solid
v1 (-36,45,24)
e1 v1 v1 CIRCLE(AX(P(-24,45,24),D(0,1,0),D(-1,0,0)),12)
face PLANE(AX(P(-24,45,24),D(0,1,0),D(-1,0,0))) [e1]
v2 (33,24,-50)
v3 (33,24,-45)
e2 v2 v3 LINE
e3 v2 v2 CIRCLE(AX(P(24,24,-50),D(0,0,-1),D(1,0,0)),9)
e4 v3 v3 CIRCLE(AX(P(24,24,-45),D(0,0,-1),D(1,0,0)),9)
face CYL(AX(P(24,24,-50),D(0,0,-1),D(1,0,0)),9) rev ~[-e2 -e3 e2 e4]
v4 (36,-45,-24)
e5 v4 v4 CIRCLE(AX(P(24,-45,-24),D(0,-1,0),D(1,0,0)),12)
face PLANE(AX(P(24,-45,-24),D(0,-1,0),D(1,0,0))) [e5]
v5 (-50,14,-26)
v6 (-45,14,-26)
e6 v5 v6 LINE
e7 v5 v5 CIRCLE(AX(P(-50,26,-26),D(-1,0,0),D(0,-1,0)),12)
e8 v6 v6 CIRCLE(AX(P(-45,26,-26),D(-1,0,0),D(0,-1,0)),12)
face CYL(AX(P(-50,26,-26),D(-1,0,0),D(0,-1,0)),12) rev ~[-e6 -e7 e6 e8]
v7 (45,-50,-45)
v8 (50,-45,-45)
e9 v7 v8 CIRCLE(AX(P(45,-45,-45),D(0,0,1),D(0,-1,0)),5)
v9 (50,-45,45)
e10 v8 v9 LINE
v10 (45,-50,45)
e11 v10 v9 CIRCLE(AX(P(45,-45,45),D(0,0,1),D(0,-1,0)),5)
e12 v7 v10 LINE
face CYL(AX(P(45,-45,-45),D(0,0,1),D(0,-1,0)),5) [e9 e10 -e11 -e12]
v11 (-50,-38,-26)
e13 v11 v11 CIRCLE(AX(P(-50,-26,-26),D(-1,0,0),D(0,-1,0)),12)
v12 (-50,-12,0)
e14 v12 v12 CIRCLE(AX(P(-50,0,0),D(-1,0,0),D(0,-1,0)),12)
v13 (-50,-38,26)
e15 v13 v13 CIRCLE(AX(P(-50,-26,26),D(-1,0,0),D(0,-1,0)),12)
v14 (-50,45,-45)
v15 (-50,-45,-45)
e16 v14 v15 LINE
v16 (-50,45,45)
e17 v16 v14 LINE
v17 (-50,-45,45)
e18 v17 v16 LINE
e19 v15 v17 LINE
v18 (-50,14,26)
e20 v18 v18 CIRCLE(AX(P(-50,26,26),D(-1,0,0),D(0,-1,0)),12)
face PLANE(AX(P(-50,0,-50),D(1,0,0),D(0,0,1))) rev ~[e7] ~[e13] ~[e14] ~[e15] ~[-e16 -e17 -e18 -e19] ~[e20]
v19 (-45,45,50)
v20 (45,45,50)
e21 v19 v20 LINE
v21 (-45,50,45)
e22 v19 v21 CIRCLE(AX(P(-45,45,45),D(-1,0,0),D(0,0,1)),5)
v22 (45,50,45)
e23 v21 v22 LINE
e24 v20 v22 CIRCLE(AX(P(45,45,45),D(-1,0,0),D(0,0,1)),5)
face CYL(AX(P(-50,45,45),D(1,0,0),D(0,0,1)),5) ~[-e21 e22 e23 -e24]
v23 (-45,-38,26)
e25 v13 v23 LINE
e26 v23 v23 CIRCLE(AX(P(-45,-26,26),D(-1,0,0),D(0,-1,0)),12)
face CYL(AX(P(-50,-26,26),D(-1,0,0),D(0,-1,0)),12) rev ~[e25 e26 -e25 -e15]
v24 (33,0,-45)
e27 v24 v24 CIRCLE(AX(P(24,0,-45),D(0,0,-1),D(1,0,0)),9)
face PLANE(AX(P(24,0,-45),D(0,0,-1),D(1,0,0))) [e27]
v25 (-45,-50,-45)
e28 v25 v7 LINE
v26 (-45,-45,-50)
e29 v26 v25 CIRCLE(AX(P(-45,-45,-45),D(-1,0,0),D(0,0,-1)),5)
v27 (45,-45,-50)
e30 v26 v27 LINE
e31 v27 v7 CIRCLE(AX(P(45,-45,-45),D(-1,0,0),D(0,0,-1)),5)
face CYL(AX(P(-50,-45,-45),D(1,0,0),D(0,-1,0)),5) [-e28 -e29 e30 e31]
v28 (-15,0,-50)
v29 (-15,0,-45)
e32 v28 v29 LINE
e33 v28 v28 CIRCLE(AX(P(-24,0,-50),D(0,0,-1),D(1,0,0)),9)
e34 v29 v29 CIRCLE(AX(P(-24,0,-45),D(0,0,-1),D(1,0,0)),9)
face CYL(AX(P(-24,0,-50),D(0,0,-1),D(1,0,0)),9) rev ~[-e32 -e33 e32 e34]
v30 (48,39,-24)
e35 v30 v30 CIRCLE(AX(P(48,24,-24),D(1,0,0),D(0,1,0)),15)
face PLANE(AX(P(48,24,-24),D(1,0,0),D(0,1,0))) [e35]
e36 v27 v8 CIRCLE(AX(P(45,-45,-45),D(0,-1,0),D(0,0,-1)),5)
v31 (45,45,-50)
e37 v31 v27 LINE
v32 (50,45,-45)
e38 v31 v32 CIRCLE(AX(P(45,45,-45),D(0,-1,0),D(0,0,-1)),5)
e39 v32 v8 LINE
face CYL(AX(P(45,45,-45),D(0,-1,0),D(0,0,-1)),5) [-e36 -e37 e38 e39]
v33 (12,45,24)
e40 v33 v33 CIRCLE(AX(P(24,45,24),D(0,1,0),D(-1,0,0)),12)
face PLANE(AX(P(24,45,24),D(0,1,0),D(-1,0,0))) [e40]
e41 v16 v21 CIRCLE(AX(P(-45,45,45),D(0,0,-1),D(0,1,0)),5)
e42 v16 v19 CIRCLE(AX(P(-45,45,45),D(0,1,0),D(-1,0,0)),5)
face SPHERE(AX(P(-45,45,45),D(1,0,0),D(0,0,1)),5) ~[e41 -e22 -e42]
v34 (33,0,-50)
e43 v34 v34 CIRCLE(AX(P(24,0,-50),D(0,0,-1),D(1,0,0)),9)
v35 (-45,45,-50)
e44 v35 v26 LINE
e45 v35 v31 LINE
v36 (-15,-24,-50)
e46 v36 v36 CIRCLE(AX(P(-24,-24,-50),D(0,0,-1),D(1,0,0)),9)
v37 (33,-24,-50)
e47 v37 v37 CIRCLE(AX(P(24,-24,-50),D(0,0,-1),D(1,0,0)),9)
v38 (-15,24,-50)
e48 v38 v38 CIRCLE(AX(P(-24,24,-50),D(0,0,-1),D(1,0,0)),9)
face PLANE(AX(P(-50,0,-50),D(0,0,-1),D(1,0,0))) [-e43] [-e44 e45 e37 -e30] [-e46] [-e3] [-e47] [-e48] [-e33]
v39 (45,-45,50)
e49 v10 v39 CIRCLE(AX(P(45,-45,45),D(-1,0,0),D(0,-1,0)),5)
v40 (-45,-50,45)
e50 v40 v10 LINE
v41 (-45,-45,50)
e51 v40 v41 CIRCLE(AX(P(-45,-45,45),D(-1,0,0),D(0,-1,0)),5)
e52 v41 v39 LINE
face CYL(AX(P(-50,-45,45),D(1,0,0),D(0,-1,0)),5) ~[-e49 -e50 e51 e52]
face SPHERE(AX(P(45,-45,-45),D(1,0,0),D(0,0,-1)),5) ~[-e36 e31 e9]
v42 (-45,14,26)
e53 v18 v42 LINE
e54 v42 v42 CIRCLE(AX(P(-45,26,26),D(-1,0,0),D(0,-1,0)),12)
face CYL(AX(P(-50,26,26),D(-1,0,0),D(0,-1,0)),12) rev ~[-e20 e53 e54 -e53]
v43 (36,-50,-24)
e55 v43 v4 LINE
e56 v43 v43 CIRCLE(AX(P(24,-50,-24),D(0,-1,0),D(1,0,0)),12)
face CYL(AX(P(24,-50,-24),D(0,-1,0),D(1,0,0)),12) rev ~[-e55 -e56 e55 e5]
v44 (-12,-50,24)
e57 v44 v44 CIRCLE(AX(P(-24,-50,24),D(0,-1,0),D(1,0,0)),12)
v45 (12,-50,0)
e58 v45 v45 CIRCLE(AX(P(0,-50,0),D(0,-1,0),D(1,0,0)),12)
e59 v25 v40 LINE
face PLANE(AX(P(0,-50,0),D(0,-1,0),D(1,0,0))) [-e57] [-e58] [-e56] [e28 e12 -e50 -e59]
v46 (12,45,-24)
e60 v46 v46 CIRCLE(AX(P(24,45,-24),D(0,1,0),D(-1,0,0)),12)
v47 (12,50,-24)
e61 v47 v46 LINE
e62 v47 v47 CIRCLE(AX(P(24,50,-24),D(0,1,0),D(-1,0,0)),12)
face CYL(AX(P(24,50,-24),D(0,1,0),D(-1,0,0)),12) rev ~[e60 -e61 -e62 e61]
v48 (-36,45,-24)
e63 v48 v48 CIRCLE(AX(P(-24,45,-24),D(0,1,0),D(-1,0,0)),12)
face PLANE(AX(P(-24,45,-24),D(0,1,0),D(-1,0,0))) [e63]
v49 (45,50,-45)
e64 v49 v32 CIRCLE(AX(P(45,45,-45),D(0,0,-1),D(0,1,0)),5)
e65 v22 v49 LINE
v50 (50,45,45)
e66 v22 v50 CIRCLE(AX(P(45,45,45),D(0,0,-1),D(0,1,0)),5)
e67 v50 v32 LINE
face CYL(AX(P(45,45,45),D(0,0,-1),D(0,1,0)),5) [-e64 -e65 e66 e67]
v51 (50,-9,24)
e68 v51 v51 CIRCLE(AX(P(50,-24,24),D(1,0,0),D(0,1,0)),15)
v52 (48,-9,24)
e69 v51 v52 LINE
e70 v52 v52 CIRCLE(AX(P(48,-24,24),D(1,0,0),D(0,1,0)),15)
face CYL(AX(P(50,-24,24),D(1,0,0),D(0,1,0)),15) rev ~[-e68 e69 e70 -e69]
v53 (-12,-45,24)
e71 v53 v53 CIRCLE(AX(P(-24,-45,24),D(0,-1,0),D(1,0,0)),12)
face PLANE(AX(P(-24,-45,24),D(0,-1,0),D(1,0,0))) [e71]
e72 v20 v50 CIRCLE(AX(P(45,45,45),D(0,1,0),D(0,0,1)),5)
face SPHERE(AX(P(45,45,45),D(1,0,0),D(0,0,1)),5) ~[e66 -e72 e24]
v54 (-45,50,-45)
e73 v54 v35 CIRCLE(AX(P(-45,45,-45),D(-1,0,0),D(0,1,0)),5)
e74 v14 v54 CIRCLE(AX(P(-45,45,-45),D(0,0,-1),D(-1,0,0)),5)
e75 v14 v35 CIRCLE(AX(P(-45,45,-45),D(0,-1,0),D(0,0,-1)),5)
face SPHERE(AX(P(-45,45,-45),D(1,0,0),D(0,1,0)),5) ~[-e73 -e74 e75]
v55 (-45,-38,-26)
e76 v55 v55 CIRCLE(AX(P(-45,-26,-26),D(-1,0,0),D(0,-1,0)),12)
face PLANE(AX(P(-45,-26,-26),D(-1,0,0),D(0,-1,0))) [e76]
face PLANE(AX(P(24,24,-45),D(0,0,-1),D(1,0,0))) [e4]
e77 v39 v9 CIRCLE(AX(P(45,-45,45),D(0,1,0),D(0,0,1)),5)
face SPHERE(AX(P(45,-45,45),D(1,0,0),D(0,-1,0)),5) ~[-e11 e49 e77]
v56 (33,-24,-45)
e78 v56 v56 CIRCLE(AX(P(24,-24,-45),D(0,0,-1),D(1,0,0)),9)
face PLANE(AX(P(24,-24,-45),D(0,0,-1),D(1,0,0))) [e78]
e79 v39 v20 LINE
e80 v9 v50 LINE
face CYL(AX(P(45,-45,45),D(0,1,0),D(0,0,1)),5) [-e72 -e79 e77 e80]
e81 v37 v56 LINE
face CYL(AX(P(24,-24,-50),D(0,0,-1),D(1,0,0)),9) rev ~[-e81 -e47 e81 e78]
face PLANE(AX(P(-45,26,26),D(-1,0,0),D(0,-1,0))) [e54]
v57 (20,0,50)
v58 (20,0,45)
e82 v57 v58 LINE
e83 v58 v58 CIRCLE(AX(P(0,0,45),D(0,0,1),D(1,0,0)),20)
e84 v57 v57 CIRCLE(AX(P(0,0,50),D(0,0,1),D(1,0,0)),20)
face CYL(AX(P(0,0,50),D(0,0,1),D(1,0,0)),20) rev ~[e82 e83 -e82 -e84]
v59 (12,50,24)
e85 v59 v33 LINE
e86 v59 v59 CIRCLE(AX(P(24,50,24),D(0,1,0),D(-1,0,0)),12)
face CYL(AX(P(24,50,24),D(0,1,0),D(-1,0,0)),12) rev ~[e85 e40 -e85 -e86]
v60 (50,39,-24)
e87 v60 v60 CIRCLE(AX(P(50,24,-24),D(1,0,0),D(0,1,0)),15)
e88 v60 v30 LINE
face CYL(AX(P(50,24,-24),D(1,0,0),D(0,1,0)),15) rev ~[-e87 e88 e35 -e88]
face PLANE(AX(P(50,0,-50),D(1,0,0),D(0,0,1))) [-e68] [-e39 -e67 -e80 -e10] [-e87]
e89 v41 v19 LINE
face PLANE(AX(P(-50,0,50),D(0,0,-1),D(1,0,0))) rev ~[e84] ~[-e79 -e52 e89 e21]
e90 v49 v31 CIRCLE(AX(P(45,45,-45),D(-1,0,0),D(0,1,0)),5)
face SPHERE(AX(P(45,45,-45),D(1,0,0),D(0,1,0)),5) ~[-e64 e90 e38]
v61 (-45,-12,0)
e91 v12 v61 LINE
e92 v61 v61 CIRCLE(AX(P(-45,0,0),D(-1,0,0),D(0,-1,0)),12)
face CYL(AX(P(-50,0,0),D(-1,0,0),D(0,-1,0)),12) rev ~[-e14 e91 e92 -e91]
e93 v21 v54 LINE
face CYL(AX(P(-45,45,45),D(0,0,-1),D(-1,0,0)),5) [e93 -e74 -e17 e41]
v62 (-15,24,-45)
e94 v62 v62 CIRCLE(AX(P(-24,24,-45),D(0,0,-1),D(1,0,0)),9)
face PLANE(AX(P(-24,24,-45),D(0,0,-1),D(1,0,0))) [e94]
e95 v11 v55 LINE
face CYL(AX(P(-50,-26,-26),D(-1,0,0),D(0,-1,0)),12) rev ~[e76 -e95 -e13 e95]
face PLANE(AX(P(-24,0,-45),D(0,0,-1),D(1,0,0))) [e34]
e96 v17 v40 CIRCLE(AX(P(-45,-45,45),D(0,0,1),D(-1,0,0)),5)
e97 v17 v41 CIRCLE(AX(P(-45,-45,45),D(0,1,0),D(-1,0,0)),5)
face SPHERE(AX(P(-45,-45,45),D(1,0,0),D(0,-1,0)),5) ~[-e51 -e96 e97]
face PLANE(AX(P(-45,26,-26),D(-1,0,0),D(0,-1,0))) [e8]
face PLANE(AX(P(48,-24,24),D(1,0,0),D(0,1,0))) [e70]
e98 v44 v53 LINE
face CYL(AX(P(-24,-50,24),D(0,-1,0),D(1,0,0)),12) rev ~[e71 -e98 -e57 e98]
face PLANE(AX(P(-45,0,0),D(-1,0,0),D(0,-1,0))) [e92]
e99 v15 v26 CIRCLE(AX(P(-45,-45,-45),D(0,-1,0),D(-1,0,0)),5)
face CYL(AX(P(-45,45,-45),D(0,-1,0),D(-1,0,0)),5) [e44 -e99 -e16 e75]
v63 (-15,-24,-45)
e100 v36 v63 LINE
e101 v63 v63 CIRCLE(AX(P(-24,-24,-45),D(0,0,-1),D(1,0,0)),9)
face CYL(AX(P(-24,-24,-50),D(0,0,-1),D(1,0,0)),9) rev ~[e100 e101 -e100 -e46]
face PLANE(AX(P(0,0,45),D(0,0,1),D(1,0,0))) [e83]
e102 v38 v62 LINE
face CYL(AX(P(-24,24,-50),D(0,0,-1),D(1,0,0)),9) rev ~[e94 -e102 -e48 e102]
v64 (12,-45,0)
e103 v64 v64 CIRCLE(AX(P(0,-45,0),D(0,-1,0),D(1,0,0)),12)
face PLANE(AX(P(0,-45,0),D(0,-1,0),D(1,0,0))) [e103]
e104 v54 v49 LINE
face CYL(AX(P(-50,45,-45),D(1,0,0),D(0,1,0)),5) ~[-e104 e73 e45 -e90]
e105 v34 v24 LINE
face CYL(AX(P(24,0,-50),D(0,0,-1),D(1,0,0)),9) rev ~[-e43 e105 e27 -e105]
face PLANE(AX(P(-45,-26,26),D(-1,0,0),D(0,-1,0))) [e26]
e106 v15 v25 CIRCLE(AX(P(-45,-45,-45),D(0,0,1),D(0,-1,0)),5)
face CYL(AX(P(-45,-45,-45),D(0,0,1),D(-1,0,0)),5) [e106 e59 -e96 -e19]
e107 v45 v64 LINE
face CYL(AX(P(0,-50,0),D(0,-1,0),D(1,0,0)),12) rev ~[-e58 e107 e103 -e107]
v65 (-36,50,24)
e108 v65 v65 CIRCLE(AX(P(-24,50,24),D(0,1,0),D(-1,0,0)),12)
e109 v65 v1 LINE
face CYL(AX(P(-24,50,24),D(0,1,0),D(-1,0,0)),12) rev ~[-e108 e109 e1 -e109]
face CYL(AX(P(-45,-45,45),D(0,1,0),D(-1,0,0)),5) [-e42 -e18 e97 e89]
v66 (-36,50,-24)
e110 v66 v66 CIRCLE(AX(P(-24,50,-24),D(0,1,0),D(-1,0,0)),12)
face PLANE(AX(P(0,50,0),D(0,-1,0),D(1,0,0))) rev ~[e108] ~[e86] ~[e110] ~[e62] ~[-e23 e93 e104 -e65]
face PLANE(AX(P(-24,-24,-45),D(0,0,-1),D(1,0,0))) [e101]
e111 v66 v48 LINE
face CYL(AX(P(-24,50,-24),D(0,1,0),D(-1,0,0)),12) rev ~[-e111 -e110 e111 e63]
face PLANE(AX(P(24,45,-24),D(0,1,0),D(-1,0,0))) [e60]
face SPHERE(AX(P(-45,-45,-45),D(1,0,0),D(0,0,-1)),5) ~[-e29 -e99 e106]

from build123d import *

# Parameters (mm, degrees)
F0_W      = 100
F0_H      = 100
F1_DEPTH  = 50
F2_R      = 5
F3_R      = 5
F4_R      = 20
F5_DEPTH  = 5
F6_R      = 9
F7_DEPTH  = 5
F8_R      = 12
F9_DEPTH  = 5
F10_R     = 12
F11_DEPTH = 5
F12_R     = 15
F13_DEPTH = 2
F14_R     = 12
F15_DEPTH = 5


with BuildPart() as f1:
    # F0 (on Front) → F1 (new body, symmetric)
    with BuildSketch(Plane.XZ):
        Rectangle(F0_W, F0_H)
    extrude(amount=F1_DEPTH, both=True)

    # F2
    f2_edges = [f1.edges().sort_by_distance(p)[0] for p in [
        (0, -50, 50),
        (0, 50, -50),
        (0, -50, -50),
        (0, 50, 50),
    ]]
    fillet(f2_edges, radius=F2_R)

    # F3
    f3_edges = [f1.edges().sort_by_distance(p)[0] for p in [
        (50, 0, 50),
        (-50, 0, 50),
    ]]
    fillet(f3_edges, radius=F3_R)

    # F4 (on face) → F5 (cut)
    with BuildSketch(Plane.XY.offset(50)):
        Circle(F4_R)
    extrude(amount=-F5_DEPTH, mode=Mode.SUBTRACT)

    # F6 (on face) → F7 (cut)
    with BuildSketch(Plane(origin=(0, 0, -50), x_dir=(1, 0, 0), z_dir=(0, 0, -1))):
        with Locations((-24, -24)):
            Circle(F6_R)
        with Locations((-24, 24)):
            Circle(F6_R)
        with Locations((-24, 0)):
            Circle(F6_R)
        with Locations((24, 24)):
            Circle(F6_R)
        with Locations((24, 0)):
            Circle(F6_R)
        with Locations((24, -24)):
            Circle(F6_R)
    extrude(amount=-F7_DEPTH, mode=Mode.SUBTRACT)

    # F8 (on face) → F9 (cut)
    with BuildSketch(Plane.XZ.offset(50)):
        with Locations((-24, 24)):
            Circle(F8_R)
        Circle(F8_R)
        with Locations((24, -24)):
            Circle(F8_R)
    extrude(amount=-F9_DEPTH, mode=Mode.SUBTRACT)

    # F10 (on face) → F11 (cut)
    with BuildSketch(Plane(origin=(0, 50, 0), x_dir=(-1, 0, 0), z_dir=(0, 1, 0))):
        with Locations((24, 24)):
            Circle(F10_R)
        with Locations((-24, 24)):
            Circle(F10_R)
        with Locations((24, -24)):
            Circle(F10_R)
        with Locations((-24, -24)):
            Circle(F10_R)
    extrude(amount=-F11_DEPTH, mode=Mode.SUBTRACT)

    # F12 (on face) → F13 (cut)
    with BuildSketch(Plane.YZ.offset(50)):
        with Locations((-24, 24)):
            Circle(F12_R)
        with Locations((24, -24)):
            Circle(F12_R)
    extrude(amount=-F13_DEPTH, mode=Mode.SUBTRACT)

    # F14 (on face) → F15 (cut)
    with BuildSketch(Plane(origin=(-50, 0, 0), x_dir=(0, -1, 0), z_dir=(-1, 0, 0))):
        with Locations((-26, 26)):
            Circle(F14_R)
        with Locations((26, 26)):
            Circle(F14_R)
        Circle(F14_R)
        with Locations((-26, -26)):
            Circle(F14_R)
        with Locations((26, -26)):
            Circle(F14_R)
    extrude(amount=-F15_DEPTH, mode=Mode.SUBTRACT)


solid = f1.part
